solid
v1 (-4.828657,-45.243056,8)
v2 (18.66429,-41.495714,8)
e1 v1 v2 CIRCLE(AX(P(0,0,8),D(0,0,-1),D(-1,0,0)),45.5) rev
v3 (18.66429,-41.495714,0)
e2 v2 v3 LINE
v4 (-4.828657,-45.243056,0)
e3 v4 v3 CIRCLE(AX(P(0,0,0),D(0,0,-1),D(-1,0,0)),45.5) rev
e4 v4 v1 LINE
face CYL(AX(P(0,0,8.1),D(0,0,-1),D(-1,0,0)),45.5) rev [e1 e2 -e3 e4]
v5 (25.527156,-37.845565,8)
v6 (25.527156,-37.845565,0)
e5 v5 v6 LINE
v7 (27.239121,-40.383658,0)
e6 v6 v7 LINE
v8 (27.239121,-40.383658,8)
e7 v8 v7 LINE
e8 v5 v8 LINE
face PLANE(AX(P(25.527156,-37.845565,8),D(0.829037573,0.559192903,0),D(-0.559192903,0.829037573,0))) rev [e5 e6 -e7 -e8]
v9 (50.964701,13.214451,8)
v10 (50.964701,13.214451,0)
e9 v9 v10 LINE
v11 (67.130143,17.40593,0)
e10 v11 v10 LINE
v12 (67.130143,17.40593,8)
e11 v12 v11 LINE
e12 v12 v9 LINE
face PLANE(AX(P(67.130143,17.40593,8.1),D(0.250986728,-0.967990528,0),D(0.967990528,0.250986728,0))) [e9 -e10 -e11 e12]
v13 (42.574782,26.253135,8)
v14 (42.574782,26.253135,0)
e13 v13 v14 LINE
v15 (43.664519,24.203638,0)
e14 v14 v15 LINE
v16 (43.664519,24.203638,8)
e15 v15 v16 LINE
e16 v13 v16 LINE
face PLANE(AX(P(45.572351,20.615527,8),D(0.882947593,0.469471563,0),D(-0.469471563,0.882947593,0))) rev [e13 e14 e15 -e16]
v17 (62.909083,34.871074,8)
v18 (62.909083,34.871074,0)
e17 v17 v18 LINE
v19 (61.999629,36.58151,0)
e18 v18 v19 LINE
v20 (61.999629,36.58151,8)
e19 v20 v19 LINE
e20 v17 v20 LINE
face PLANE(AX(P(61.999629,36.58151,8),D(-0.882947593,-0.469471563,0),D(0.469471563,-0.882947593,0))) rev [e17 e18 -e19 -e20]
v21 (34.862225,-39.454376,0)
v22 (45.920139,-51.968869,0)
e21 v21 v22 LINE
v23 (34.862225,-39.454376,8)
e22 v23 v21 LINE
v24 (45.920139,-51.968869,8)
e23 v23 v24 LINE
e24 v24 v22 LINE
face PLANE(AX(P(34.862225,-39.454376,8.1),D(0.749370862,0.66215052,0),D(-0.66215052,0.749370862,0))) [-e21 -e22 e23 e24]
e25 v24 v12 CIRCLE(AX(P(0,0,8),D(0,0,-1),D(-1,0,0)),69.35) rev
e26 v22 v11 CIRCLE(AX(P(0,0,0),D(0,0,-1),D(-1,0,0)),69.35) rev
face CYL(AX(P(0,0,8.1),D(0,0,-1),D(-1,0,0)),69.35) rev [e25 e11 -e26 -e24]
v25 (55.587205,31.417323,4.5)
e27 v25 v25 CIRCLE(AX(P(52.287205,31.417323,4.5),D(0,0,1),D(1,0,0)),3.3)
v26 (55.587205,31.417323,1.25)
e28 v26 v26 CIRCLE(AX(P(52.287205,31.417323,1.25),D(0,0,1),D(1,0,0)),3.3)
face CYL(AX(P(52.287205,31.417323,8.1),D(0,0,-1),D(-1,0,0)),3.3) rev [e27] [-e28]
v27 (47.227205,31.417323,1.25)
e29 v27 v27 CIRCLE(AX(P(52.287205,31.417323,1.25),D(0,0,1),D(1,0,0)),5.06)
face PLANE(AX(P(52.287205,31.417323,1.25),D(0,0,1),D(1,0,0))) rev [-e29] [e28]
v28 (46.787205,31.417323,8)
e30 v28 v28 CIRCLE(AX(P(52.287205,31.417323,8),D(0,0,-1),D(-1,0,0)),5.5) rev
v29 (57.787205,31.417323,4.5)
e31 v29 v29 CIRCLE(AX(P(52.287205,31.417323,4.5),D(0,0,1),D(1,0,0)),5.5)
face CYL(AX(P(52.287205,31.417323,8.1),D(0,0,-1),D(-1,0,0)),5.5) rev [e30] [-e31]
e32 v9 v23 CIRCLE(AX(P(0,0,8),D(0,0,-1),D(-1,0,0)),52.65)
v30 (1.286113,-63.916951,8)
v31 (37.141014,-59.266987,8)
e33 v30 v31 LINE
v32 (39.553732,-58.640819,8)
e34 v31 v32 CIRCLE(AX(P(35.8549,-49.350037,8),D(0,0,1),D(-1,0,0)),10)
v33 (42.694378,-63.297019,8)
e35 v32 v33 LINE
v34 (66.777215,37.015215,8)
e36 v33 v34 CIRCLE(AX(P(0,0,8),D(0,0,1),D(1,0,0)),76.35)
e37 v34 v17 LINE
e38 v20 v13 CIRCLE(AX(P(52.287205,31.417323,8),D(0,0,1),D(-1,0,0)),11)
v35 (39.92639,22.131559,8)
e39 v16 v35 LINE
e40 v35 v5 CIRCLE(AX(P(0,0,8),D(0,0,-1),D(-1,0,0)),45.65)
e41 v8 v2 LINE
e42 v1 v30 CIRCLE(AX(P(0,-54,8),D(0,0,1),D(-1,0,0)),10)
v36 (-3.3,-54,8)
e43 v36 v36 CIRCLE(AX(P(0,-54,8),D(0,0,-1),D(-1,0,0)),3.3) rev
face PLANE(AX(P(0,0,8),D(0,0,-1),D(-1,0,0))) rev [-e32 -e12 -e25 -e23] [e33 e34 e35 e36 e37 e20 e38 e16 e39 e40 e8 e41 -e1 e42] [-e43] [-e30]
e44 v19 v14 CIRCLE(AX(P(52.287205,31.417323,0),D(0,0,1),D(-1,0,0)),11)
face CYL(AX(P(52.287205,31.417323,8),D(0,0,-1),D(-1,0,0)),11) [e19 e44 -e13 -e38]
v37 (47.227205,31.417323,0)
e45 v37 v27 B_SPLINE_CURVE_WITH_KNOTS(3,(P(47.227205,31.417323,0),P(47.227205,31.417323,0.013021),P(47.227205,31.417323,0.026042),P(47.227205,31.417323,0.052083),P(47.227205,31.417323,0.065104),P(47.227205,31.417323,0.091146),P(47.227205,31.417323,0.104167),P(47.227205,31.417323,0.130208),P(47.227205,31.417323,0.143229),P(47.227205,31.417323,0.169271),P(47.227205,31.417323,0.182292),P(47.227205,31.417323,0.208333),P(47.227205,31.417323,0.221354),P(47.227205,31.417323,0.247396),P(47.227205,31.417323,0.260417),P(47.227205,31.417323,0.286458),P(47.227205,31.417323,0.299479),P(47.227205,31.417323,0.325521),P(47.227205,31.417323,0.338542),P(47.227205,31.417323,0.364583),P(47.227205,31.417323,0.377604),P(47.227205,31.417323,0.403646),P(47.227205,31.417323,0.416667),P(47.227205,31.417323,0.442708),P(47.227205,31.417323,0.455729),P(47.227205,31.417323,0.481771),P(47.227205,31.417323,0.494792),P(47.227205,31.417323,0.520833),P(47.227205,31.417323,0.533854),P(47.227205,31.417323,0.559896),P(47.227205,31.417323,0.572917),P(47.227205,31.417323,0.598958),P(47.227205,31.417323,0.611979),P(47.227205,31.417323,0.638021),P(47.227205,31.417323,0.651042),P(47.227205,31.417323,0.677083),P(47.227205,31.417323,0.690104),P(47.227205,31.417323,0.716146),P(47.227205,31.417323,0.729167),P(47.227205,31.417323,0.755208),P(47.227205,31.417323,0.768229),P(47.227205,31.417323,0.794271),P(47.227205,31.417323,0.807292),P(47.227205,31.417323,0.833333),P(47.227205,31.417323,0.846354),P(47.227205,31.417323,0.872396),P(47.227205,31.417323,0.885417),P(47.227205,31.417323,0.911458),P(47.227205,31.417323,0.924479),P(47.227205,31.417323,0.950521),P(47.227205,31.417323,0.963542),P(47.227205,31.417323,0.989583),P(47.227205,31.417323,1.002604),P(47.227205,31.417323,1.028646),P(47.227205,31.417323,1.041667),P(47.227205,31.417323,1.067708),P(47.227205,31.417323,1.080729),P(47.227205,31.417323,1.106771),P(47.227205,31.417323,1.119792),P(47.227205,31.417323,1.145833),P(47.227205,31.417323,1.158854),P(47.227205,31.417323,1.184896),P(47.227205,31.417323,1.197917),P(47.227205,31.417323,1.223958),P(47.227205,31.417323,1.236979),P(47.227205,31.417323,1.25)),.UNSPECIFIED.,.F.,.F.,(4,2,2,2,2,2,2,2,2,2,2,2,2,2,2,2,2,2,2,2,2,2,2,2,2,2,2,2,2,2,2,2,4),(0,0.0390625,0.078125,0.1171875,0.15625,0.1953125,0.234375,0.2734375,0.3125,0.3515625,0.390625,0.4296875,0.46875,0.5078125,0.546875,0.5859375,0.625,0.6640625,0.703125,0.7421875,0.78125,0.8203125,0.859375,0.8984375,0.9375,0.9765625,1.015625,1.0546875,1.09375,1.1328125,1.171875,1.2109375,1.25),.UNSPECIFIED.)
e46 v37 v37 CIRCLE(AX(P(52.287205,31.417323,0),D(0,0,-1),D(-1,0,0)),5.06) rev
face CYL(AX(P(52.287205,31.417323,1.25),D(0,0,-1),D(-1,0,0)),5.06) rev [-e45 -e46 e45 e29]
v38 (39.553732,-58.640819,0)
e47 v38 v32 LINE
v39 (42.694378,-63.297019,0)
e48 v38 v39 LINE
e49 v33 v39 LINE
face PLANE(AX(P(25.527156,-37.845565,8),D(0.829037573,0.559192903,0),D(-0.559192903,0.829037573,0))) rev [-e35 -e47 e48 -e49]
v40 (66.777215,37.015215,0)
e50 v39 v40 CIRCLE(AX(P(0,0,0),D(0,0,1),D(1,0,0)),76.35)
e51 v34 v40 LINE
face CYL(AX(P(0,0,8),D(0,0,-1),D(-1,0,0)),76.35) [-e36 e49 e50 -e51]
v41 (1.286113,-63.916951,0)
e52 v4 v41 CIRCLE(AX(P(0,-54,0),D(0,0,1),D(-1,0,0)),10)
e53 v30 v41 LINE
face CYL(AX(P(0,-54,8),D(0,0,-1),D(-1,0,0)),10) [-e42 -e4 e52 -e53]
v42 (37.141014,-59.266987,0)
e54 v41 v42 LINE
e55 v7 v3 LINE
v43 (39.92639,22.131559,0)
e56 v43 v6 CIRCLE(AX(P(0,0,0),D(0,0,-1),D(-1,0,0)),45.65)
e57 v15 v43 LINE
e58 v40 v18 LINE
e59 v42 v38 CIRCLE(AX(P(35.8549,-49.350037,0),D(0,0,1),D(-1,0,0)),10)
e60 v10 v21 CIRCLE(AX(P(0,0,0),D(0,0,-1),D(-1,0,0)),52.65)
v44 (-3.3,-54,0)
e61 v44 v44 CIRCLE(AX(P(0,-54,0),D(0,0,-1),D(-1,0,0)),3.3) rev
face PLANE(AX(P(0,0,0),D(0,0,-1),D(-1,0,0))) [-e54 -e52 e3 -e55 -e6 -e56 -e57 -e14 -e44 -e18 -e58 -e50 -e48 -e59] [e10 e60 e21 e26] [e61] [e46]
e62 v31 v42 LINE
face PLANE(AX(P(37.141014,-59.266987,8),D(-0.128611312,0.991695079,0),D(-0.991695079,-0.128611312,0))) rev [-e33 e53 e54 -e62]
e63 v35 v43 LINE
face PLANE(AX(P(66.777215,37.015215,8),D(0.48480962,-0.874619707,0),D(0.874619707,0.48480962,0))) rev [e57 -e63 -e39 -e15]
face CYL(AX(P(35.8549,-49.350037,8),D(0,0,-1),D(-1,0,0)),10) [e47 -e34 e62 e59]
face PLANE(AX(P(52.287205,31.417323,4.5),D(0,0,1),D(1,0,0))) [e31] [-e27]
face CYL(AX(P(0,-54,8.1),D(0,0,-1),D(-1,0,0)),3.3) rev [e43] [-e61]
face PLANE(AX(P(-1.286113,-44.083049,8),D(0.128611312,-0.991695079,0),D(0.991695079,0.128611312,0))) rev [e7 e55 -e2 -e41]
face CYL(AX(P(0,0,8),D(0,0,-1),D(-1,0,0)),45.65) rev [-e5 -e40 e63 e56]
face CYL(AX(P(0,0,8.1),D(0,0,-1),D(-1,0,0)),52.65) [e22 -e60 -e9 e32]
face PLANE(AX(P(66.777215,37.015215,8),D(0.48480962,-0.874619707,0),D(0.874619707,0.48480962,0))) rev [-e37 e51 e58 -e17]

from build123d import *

# Parameters (mm, degrees)
F_01_EIGHT_MILLIMETRE_TRACK_BLANK_DEPTH        = 8
F_02_LOWER_CAGE_TIE_LANDING_DEPTH              = 8
F_03_BUMP_END_SUPPORT_LANDING_DEPTH            = 8
F_04_START                                     = -0.1
S04_RELIEF_FOR_THE_SWEPT_FLOATING_GUID_R       = 45.5
F_04_RELIEF_FOR_THE_SWEPT_FLOATING_GUIDE_DEPTH = 8.2
F_05_START                                     = -0.1
F_05_CONCENTRIC_GUIDE_AND_TANGENT_STOP_F_DEPTH = 8.2
F_06_START                                     = -0.1
S06_SUPPORT_FASTENERS_R                        = 3.3
F_06_SUPPORT_FASTENERS_DEPTH                   = 8.2
F_07_START                                     = -0.1
S07_BUMP_END_SUPPORT_REGISTER_UNDERSID_R       = 5.06
F_07_BUMP_END_SUPPORT_REGISTER_UNDERSIDE_DEPTH = 1.35
F_08_START                                     = 4.5
S08_FLUSH_BUTTON_SCREW_COUNTERBORE_OUT_R       = 5.5
F_08_FLUSH_BUTTON_SCREW_COUNTERBORE_OUTB_DEPTH = 3.6


with BuildPart() as part:
    # S01 - Eight millimetre track blank → 01 - Eight millimetre track blank (new body)
    with BuildSketch(Plane.XY):
        with BuildLine():
            Line((25.527156043, -37.845565187), (42.69437818, -63.297018665))
            ThreePointArc((42.69437818, -63.297018665), (74.240443422, -17.82355353), (66.77721464, 37.015214506))
            Line((66.77721464, 37.015214506), (39.926389631, 22.131559164))
            ThreePointArc((39.926389631, 22.131559164), (44.388686866, -10.65678086), (25.527156043, -37.845565187))
        make_face()
    extrude(amount=F_01_EIGHT_MILLIMETRE_TRACK_BLANK_DEPTH)

    # S02 - Lower cage tie landing → 02 - Lower cage tie landing (add)
    with BuildSketch(Plane.XY):
        with BuildLine():
            Line((-1.286113116, -44.083049206), (34.568787274, -39.433085863))
            ThreePointArc((34.568787274, -39.433085863), (45.771851184, -48.063923541), (37.141013506, -59.266987451))
            Line((37.141013506, -59.266987451), (1.286113116, -63.916950794))
            ThreePointArc((1.286113116, -63.916950794), (-9.916950794, -55.286113116), (-1.286113116, -44.083049206))
        make_face()
    extrude(amount=F_02_LOWER_CAGE_TIE_LANDING_DEPTH)

    # S03 - Bump end support landing → 03 - Bump end support landing (add)
    with BuildSketch(Plane.XY):
        with BuildLine():
            Line((45.572351488, 20.615526776), (42.574781821, 26.253135379))
            ThreePointArc((42.574781821, 26.253135379), (47.123018152, 41.129746091), (61.999628864, 36.58150976))
            Line((61.999628864, 36.58150976), (64.997198531, 30.943901157))
            ThreePointArc((64.997198531, 30.943901157), (60.4489622, 16.067290445), (45.572351488, 20.615526776))
        make_face()
    extrude(amount=F_03_BUMP_END_SUPPORT_LANDING_DEPTH)

    # S04 - Relief for the swept floating guide barrels → 04 - Relief for the swept floating guide barrels (cut)
    with BuildSketch(Plane.XY.offset(F_04_START)):
        Circle(S04_RELIEF_FOR_THE_SWEPT_FLOATING_GUID_R)
    extrude(amount=F_04_RELIEF_FOR_THE_SWEPT_FLOATING_GUIDE_DEPTH, mode=Mode.SUBTRACT)

    # S05 - Concentric guide and tangent stop faces → 05 - Concentric guide and tangent stop faces (cut)
    with BuildSketch(Plane.XY.offset(F_05_START)):
        with BuildLine():
            Line((34.862224899, -39.454375867), (45.92013859, -51.968869257))
            ThreePointArc((45.92013859, -51.968869257), (66.319734826, -20.275977723), (67.130143118, 17.405929591))
            Line((67.130143118, 17.405929591), (50.9647013, 13.214451233))
            ThreePointArc((50.9647013, 13.214451233), (50.349445401, -15.393370254), (34.862224899, -39.454375867))
        make_face()
    extrude(amount=F_05_CONCENTRIC_GUIDE_AND_TANGENT_STOP_F_DEPTH, mode=Mode.SUBTRACT)

    # S06 - Support fasteners → 06 - Support fasteners (cut)
    with BuildSketch(Plane.XY.offset(F_06_START)):
        with Locations(Location((0, -54, 0), (0, 0, 180))):
            Circle(S06_SUPPORT_FASTENERS_R)
        with Locations(Location((52.287205343, 31.41732257, 0), (0, 0, 180))):
            Circle(S06_SUPPORT_FASTENERS_R)
    extrude(amount=F_06_SUPPORT_FASTENERS_DEPTH, mode=Mode.SUBTRACT)

    # S07 - Bump end support register underside → 07 - Bump end support register underside (cut)
    with BuildSketch(Plane.XY.offset(F_07_START)):
        with Locations(Location((52.287205343, 31.41732257, 0), (0, 0, 180))):
            Circle(S07_BUMP_END_SUPPORT_REGISTER_UNDERSID_R)
    extrude(amount=F_07_BUMP_END_SUPPORT_REGISTER_UNDERSIDE_DEPTH, mode=Mode.SUBTRACT)

    # S08 - Flush button screw counterbore outboard → 08 - Flush button screw counterbore outboard (cut)
    with BuildSketch(Plane.XY.offset(F_08_START)):
        with Locations(Location((52.287205343, 31.41732257, 0), (0, 0, 180))):
            Circle(S08_FLUSH_BUTTON_SCREW_COUNTERBORE_OUT_R)
    extrude(amount=F_08_FLUSH_BUTTON_SCREW_COUNTERBORE_OUTB_DEPTH, mode=Mode.SUBTRACT)


solid = part.part
